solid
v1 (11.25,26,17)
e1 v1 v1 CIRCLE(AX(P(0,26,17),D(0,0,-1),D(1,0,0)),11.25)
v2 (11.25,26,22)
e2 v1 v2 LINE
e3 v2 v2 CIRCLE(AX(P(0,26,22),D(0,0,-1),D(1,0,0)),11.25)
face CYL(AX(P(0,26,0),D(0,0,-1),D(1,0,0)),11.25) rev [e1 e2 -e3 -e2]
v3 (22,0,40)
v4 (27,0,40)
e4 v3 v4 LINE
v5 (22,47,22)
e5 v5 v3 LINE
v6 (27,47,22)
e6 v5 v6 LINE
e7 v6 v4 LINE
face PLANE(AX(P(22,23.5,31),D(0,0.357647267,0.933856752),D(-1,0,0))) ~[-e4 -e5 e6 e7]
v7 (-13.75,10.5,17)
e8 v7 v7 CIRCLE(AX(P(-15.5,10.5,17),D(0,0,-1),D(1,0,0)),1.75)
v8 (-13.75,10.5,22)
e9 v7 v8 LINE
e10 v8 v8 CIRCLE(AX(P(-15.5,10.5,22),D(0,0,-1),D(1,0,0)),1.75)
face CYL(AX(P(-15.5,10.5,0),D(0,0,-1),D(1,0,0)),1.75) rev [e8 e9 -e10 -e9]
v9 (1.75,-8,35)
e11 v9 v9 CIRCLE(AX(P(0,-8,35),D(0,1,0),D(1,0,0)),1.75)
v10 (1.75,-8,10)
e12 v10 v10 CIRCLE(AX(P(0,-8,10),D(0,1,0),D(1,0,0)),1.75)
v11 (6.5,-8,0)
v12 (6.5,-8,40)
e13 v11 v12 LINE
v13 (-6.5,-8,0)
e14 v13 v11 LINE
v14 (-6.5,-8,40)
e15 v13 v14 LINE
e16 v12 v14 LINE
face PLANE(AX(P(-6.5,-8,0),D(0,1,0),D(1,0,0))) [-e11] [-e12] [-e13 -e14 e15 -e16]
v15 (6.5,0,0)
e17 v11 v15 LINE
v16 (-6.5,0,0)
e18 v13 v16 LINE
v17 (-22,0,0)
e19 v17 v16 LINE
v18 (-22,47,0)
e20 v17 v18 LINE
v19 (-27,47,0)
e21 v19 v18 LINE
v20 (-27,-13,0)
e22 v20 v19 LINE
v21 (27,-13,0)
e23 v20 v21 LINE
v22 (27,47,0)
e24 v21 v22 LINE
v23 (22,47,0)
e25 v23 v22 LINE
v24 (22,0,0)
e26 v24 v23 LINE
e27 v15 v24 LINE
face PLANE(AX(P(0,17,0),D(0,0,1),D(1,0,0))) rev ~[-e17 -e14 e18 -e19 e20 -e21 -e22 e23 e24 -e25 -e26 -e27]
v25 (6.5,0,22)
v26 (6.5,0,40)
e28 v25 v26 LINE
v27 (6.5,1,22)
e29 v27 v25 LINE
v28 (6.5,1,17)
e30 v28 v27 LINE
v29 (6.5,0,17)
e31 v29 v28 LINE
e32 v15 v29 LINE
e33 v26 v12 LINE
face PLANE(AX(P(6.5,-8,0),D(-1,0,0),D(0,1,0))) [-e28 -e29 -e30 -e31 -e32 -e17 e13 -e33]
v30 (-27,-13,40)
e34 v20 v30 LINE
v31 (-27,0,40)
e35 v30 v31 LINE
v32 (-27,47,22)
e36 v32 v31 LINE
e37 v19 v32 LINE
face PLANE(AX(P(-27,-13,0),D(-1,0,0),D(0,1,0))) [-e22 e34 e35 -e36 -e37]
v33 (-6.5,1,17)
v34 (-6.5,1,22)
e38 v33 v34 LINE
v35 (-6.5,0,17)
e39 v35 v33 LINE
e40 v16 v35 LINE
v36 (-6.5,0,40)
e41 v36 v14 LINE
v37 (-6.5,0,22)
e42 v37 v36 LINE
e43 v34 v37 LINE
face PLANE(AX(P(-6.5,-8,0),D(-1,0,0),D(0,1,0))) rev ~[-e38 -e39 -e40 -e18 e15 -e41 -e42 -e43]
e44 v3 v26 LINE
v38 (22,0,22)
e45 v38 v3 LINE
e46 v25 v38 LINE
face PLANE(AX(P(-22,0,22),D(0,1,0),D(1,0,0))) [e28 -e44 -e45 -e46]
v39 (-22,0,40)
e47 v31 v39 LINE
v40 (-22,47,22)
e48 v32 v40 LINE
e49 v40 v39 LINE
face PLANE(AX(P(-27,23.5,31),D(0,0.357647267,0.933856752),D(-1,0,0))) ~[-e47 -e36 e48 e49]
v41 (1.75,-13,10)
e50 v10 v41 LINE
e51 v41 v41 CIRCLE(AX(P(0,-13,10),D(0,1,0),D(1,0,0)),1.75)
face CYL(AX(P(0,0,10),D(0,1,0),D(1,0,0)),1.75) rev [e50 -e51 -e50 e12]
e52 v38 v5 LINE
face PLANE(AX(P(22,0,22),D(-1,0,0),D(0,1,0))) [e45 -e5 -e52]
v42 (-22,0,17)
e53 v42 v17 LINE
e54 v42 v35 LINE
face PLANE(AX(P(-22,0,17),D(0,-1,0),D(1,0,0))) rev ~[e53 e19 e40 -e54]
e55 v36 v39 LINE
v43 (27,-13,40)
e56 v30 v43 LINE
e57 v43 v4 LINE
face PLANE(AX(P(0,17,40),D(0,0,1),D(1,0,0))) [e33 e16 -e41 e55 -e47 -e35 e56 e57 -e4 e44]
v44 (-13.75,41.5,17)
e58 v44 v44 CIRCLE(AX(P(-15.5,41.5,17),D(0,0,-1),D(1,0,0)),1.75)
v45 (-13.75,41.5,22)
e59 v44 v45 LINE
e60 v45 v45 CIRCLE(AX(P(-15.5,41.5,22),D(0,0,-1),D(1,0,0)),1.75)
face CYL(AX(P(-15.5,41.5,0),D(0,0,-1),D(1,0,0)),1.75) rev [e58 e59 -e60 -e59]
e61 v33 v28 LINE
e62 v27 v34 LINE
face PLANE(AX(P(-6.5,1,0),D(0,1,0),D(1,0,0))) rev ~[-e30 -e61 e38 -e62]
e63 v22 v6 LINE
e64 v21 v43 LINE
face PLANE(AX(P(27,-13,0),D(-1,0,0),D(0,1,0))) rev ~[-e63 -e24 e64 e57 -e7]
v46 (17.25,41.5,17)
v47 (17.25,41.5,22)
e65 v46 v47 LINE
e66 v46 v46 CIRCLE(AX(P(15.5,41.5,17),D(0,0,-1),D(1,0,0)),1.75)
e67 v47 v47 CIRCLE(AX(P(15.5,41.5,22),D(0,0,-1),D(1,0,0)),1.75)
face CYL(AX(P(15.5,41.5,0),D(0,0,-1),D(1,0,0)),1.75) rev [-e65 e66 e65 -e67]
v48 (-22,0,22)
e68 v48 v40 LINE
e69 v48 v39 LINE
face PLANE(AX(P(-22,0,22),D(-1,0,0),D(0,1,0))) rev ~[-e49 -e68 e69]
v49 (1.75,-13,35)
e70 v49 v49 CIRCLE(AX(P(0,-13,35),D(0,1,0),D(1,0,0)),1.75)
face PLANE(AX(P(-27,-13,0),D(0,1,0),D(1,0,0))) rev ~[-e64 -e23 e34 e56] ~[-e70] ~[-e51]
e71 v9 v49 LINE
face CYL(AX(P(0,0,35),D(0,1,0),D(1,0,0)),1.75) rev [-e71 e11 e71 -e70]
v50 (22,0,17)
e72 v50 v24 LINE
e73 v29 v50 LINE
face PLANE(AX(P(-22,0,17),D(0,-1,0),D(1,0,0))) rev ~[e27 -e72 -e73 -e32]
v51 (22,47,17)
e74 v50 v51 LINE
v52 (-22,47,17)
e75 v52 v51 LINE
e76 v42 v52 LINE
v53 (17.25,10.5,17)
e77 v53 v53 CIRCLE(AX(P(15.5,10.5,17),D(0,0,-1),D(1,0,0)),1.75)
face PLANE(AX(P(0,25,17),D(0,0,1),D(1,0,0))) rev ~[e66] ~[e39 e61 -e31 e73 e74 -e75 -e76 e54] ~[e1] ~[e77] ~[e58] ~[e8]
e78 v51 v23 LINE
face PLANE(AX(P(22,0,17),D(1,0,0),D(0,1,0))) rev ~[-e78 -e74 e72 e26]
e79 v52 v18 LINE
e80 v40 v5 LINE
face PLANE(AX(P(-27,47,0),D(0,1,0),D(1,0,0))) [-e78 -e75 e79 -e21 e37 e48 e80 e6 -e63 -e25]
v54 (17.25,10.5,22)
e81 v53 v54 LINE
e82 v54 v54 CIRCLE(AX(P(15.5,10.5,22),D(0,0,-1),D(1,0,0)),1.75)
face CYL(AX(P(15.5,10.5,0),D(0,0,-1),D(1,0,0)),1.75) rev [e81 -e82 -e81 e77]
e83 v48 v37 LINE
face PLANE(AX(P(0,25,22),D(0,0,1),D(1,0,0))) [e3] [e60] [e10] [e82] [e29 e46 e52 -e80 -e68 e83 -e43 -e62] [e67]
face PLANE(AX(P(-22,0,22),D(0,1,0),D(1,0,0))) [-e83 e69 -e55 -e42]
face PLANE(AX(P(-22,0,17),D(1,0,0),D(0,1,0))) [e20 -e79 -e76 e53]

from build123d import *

# Parameters (mm, degrees)
SKETCH113_W     = 54
SKETCH113_H     = 60
SKETCH113_R     = 11.25
SKETCH113_R_2   = 1.75
PAD070_DEPTH    = 40
SKETCH125_W     = 44
SKETCH125_H     = 50
POCKET041_DEPTH = 18.001
SKETCH126_W     = 13
SKETCH126_H     = 9
POCKET042_DEPTH = 40.001
SKETCH127_R     = 1.75
POCKET043_DEPTH = 13.001
SKETCH161_W     = 44
SKETCH161_H     = 50
POCKET060_DEPTH = 17.001
CHAMFER_SIZE2   = 47
CHAMFER_SIZE    = 18


with BuildPart() as part:
    # Sketch113 → Pad070 (new body)
    with BuildSketch(Plane.XY):
        with Locations((0, 17)):
            Rectangle(SKETCH113_W, SKETCH113_H)
        with Locations((0, 26)):
            Circle(SKETCH113_R, mode=Mode.SUBTRACT)
        with Locations((-15.5, 41.5)):
            Circle(SKETCH113_R_2, mode=Mode.SUBTRACT)
        with Locations((15.5, 41.5)):
            Circle(SKETCH113_R_2, mode=Mode.SUBTRACT)
        with Locations((15.5, 10.5)):
            Circle(SKETCH113_R_2, mode=Mode.SUBTRACT)
        with Locations((-15.5, 10.5)):
            Circle(SKETCH113_R_2, mode=Mode.SUBTRACT)
    extrude(amount=PAD070_DEPTH)

    # Sketch125 → Pocket041 (cut, through all)
    with BuildSketch(Plane.XY.offset(22)):
        with Locations((0, 25)):
            Rectangle(SKETCH125_W, SKETCH125_H)
    extrude(amount=POCKET041_DEPTH, mode=Mode.SUBTRACT)

    # Sketch126 → Pocket042 (cut, through all)
    with BuildSketch(Plane.XY):
        with Locations((0, -3.5)):
            Rectangle(SKETCH126_W, SKETCH126_H)
    extrude(amount=POCKET042_DEPTH, mode=Mode.SUBTRACT)

    # Sketch127 → Pocket043 (cut, through all)
    with BuildSketch(Plane.XZ):
        with Locations((0, 35)):
            Circle(SKETCH127_R)
        with Locations((0, 10)):
            Circle(SKETCH127_R)
    extrude(amount=POCKET043_DEPTH, mode=Mode.SUBTRACT)

    # Sketch161 → Pocket060 (cut, through all)
    with BuildSketch(Plane.XY.offset(17)):
        with Locations((0, 25)):
            Rectangle(SKETCH161_W, SKETCH161_H)
    extrude(amount=-POCKET060_DEPTH, mode=Mode.SUBTRACT)

    # Chamfer
    chamfer_edges = [part.edges().sort_by_distance(p)[0] for p in [
        (24.5, 47, 40),
        (-24.5, 47, 40),
    ]]
    chamfer_side = part.faces().sort_by_distance((0, 47, 19.822581))[0]
    chamfer(chamfer_edges, length=CHAMFER_SIZE, length2=CHAMFER_SIZE2, reference=chamfer_side)


solid = part.part
